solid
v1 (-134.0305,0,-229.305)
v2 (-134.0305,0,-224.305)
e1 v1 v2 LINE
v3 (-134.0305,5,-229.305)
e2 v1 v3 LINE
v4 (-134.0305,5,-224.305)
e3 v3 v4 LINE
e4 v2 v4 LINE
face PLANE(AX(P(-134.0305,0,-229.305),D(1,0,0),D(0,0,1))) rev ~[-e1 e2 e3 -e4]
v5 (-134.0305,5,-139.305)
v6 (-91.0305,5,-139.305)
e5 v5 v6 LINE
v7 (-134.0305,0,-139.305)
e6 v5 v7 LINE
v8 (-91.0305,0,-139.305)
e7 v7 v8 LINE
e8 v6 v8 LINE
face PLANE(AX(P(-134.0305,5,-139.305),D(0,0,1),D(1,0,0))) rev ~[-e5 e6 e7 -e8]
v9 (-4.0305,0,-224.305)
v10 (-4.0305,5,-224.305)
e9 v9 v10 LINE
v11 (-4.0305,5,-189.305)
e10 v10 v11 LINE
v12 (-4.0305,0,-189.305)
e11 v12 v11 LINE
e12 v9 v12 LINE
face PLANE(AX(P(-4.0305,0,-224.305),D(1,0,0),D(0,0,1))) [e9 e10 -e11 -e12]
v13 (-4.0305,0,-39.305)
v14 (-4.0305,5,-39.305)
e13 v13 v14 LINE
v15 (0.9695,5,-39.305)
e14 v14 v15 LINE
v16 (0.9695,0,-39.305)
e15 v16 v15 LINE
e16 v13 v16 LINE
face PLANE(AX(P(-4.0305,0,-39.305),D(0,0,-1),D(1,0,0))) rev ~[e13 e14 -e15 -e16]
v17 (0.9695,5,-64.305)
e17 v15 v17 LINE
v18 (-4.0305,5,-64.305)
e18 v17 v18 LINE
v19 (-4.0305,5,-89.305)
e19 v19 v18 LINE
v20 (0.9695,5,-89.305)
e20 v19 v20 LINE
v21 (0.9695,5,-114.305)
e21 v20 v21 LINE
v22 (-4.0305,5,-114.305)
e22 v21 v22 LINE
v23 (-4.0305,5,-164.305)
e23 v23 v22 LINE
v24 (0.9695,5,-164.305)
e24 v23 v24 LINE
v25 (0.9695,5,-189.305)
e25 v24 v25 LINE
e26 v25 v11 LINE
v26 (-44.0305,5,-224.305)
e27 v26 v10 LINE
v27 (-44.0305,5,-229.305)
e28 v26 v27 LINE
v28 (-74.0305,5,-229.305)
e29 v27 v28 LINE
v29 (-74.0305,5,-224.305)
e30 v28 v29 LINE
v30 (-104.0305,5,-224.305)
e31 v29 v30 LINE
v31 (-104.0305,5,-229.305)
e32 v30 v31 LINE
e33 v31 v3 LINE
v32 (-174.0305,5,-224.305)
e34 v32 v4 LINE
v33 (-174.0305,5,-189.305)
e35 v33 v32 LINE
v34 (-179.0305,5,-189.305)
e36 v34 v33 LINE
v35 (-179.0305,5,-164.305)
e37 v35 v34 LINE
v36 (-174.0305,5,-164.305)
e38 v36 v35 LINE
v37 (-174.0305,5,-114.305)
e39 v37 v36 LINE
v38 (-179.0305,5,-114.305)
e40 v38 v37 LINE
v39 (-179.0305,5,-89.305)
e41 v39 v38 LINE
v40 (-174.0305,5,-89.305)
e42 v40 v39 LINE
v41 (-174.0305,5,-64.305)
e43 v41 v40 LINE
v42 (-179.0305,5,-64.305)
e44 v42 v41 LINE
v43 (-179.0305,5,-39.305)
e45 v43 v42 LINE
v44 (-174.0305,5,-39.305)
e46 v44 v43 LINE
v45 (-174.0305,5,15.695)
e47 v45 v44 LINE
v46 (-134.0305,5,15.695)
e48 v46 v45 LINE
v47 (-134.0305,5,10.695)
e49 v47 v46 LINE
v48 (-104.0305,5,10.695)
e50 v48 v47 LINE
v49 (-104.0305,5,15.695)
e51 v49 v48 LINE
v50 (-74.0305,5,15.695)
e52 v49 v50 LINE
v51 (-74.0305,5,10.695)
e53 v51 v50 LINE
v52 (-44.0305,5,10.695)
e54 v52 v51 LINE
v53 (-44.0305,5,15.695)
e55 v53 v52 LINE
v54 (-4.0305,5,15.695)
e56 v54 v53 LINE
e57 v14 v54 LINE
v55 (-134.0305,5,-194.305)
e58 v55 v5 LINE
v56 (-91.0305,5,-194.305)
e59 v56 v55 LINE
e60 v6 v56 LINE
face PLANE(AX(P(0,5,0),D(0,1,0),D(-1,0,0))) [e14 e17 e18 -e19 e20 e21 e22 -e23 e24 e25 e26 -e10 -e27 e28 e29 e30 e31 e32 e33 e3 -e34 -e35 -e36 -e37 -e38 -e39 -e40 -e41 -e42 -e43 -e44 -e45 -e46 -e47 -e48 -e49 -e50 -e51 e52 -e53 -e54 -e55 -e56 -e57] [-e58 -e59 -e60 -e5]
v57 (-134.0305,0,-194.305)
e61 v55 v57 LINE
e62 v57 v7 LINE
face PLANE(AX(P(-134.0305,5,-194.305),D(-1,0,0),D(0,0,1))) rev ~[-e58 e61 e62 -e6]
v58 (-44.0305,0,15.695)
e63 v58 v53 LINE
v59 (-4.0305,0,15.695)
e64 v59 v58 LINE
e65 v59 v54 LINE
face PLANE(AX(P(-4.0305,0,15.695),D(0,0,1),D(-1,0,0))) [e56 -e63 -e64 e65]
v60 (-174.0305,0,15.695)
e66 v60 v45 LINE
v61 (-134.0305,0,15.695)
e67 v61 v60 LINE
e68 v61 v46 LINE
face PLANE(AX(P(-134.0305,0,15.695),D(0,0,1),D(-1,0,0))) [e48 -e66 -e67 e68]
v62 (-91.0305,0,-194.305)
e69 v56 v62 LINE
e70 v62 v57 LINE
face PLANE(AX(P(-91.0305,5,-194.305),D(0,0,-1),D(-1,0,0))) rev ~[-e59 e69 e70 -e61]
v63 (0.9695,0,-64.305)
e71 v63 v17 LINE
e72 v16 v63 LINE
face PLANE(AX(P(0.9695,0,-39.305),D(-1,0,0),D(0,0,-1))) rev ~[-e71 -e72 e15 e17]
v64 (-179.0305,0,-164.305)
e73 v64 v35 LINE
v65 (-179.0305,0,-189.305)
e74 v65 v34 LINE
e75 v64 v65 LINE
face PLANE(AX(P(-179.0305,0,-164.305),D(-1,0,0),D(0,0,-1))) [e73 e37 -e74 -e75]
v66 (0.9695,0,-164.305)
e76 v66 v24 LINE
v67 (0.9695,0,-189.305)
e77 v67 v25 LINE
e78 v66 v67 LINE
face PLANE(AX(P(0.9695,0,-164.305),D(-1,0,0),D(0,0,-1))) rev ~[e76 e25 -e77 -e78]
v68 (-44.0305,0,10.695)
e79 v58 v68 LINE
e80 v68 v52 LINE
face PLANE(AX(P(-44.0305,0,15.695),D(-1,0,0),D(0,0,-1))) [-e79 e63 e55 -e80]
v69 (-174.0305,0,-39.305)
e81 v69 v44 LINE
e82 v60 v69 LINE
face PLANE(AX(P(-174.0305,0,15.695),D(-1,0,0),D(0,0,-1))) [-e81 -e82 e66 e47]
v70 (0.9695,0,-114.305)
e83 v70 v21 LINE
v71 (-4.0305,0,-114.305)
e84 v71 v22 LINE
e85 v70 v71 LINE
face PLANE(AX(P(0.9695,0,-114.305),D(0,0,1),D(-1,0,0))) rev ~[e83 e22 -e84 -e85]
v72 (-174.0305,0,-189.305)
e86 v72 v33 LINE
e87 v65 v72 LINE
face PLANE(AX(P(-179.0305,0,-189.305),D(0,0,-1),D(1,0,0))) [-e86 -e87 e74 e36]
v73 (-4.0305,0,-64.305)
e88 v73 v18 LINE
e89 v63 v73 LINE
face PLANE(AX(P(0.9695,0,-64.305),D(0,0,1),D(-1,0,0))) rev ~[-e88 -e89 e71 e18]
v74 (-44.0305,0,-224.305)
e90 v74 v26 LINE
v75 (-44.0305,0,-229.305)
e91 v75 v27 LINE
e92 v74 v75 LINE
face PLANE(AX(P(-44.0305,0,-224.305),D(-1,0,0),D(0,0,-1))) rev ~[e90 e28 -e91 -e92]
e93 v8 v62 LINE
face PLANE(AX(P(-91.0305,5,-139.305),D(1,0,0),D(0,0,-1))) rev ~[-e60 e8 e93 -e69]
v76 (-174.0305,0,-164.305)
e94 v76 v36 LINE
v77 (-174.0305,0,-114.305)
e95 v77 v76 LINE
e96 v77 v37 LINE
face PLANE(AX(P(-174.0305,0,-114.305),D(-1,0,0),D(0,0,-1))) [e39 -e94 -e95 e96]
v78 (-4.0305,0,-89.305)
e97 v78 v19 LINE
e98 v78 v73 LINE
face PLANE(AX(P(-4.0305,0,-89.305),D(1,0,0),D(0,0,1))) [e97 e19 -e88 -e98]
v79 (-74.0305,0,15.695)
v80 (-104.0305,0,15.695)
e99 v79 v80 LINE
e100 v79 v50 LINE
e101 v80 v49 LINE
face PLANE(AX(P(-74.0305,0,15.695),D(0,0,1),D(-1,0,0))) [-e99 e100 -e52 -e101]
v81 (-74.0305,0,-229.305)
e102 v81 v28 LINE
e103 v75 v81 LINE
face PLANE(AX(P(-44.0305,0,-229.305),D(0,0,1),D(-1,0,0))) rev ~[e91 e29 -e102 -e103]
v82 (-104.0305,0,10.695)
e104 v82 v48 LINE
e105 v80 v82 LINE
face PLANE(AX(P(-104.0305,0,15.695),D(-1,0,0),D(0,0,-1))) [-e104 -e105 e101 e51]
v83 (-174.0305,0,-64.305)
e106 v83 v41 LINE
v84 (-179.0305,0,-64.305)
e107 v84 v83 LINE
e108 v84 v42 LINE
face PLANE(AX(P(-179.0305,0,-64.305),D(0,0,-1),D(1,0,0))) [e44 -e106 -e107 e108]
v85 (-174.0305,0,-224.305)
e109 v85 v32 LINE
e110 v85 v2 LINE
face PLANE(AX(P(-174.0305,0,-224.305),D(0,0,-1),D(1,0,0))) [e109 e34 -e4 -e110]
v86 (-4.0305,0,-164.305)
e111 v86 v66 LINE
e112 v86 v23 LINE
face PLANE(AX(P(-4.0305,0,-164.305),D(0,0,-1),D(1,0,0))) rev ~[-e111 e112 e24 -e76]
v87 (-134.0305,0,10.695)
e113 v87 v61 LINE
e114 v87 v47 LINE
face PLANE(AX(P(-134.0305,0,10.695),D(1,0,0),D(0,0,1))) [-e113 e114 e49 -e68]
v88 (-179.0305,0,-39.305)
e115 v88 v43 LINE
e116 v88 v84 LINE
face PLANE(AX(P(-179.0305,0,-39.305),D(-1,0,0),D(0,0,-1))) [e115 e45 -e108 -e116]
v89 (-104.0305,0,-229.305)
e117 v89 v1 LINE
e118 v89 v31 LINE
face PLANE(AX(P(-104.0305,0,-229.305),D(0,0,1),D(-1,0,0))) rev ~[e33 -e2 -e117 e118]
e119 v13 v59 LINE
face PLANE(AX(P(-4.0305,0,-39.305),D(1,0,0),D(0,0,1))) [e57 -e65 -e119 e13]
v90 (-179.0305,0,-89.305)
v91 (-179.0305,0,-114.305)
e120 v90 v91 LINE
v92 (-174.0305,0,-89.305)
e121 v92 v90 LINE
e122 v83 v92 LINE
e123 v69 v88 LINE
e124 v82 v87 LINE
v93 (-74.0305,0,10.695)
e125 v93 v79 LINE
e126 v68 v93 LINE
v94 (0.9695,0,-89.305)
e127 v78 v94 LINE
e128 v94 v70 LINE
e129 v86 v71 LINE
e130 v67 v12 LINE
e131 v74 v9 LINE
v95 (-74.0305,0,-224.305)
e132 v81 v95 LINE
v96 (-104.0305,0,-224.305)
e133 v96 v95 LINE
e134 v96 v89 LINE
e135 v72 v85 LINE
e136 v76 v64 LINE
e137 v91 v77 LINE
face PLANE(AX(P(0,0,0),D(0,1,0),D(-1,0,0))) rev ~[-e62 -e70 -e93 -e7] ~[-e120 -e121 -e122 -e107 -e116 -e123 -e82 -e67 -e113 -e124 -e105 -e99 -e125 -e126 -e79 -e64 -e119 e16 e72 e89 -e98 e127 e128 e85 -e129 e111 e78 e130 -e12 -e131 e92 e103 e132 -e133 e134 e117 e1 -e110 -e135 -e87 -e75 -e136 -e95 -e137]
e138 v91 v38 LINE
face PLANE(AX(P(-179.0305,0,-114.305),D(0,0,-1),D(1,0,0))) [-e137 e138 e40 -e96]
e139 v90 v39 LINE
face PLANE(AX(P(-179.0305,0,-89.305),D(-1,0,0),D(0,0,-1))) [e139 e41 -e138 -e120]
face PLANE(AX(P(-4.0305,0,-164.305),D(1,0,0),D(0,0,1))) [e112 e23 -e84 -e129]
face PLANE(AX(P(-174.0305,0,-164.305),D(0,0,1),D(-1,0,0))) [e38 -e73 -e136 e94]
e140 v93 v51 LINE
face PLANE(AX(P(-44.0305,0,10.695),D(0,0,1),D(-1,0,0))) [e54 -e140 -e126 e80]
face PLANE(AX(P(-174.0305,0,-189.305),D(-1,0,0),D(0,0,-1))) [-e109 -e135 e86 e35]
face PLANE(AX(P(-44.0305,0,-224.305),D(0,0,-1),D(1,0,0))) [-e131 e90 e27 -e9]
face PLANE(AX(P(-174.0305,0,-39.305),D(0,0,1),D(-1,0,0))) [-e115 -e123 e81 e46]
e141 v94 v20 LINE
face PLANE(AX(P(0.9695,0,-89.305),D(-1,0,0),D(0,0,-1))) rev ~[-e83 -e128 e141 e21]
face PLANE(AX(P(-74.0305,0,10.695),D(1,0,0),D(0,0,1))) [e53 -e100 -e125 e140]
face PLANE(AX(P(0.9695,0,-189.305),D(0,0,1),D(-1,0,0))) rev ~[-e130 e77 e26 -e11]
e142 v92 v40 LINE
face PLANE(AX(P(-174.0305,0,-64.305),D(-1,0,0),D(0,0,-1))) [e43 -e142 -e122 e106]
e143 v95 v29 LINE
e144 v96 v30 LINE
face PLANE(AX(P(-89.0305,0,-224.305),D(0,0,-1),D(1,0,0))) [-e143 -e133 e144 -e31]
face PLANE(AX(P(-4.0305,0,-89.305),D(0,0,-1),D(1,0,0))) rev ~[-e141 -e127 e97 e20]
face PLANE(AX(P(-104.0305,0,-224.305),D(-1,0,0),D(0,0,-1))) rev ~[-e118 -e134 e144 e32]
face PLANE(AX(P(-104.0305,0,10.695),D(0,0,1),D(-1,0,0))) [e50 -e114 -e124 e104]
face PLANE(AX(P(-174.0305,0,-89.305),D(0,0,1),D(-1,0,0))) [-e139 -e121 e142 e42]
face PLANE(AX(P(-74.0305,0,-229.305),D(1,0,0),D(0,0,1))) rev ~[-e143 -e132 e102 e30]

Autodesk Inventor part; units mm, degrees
ref_plane "YZ Plane" through (0, 0, 0) normal (1, 0, 0) x (0, 1, 0)
ref_plane "XZ Plane" through (0, 0, 0) normal (0, 1, 0) x (-1, 0, 0)
ref_plane "XY Plane" through (0, 0, 0) normal (0, 0, 1) x (1, 0, 0)
sketch "Sketch1" plane through (0, 0, 0) normal (0, 1, 0) x (-1, 0, 0)
  line L0 (4.0305, 15.695) -> (174.0305, 15.695)
  line L1 (174.0305, 15.695) -> (174.0305, -224.305)
  line L2 (174.0305, -224.305) -> (4.0305, -224.305)
  line L3 (4.0305, -224.305) -> (4.0305, 15.695)
  line L4 (174.0305, -39.305) -> (169.0305, -39.305)
  line L5 (169.0305, -39.305) -> (169.0305, -64.305)
  line L6 (169.0305, -64.305) -> (174.0305, -64.305)
  line L7 (174.0305, -64.305) -> (174.0305, -39.305)
  line L8 (174.0305, -89.305) -> (169.0305, -89.305)
  line L9 (169.0305, -89.305) -> (169.0305, -114.305)
  line L10 (169.0305, -114.305) -> (174.0305, -114.305)
  line L11 (174.0305, -114.305) -> (174.0305, -89.305)
  line L12 (174.0305, -164.305) -> (169.0305, -164.305)
  line L13 (169.0305, -164.305) -> (169.0305, -189.305)
  line L14 (169.0305, -189.305) -> (174.0305, -189.305)
  line L15 (174.0305, -189.305) -> (174.0305, -164.305)
  line L16 (89.0305, 15.695) -> (89.0305, -224.305)
  line L17 (4.0305, -39.305) -> (9.0305, -39.305)
  line L18 (9.0305, -39.305) -> (9.0305, -64.305)
  line L19 (9.0305, -64.305) -> (4.0305, -64.305)
  line L20 (4.0305, -89.305) -> (9.0305, -89.305)
  line L21 (9.0305, -89.305) -> (9.0305, -114.305)
  line L22 (9.0305, -114.305) -> (4.0305, -114.305)
  line L23 (4.0305, -164.305) -> (9.0305, -164.305)
  line L24 (9.0305, -164.305) -> (9.0305, -189.305)
  line L25 (9.0305, -189.305) -> (4.0305, -189.305)
  line L26 (134.0305, 15.695) -> (104.0305, 15.695)
  line L27 (104.0305, 15.695) -> (104.0305, 10.695)
  line L28 (104.0305, 10.695) -> (134.0305, 10.695)
  line L29 (134.0305, 10.695) -> (134.0305, 15.695)
  line L30 (74.0305, 15.695) -> (44.0305, 15.695)
  line L31 (44.0305, 15.695) -> (44.0305, 10.695)
  line L32 (44.0305, 10.695) -> (74.0305, 10.695)
  line L33 (74.0305, 10.695) -> (74.0305, 15.695)
  line L34 (134.0305, -224.305) -> (104.0305, -224.305)
  line L35 (104.0305, -224.305) -> (104.0305, -219.305)
  line L36 (104.0305, -219.305) -> (134.0305, -219.305)
  line L37 (134.0305, -219.305) -> (134.0305, -224.305)
  line L38 (74.0305, -224.305) -> (44.0305, -224.305)
  line L39 (44.0305, -224.305) -> (44.0305, -219.305)
  line L40 (44.0305, -219.305) -> (74.0305, -219.305)
  line L41 (74.0305, -219.305) -> (74.0305, -224.305)
  line L42 (9.0305, -39.305) -> (-0.9695, -39.305)
  line L43 (-0.9695, -39.305) -> (-0.9695, -64.305)
  line L44 (-0.9695, -64.305) -> (9.0305, -64.305)
  line L45 (9.0305, -64.305) -> (9.0305, -39.305)
  line L46 (9.0305, -89.305) -> (-0.9695, -89.305)
  line L47 (-0.9695, -89.305) -> (-0.9695, -114.305)
  line L48 (-0.9695, -114.305) -> (9.0305, -114.305)
  line L49 (9.0305, -114.305) -> (9.0305, -89.305)
  line L50 (9.0305, -164.305) -> (-0.9695, -164.305)
  line L51 (-0.9695, -164.305) -> (-0.9695, -189.305)
  line L52 (-0.9695, -189.305) -> (9.0305, -189.305)
  line L53 (9.0305, -189.305) -> (9.0305, -164.305)
  line L54 (169.0305, -39.305) -> (179.0305, -39.305)
  line L55 (179.0305, -39.305) -> (179.0305, -64.305)
  line L56 (179.0305, -64.305) -> (169.0305, -64.305)
  line L57 (169.0305, -89.305) -> (179.0305, -89.305)
  line L58 (179.0305, -89.305) -> (179.0305, -114.305)
  line L59 (179.0305, -114.305) -> (169.0305, -114.305)
  line L60 (169.0305, -164.305) -> (179.0305, -164.305)
  line L61 (179.0305, -164.305) -> (179.0305, -189.305)
  line L62 (179.0305, -189.305) -> (169.0305, -189.305)
  line L63 (134.0305, -219.305) -> (104.0305, -219.305)
  line L64 (104.0305, -219.305) -> (104.0305, -229.305)
  line L65 (104.0305, -229.305) -> (134.0305, -229.305)
  line L66 (134.0305, -229.305) -> (134.0305, -219.305)
  line L67 (74.0305, -219.305) -> (44.0305, -219.305)
  line L68 (44.0305, -219.305) -> (44.0305, -229.305)
  line L69 (44.0305, -229.305) -> (74.0305, -229.305)
  line L70 (74.0305, -229.305) -> (74.0305, -219.305)
  point P0 (0, 0)
  dimension "d0" = 170
  dimension "d1" = 240
  dimension "d2" = 5
  dimension "d3" = 25
  dimension "d4" = 5
  dimension "d5" = 25
  dimension "d6" = 5
  dimension "d7" = 25
  dimension "d8" = 35
  dimension "d9" = 50
  dimension "d10" = 25
  dimension "d11" = 30
  dimension "d12" = 30
  dimension "d13" = 5
  dimension "d14" = 5
  dimension "d15" = 30
  dimension "d16" = 15
  dimension "d17" = 5
  dimension "d20" = 10
  dimension "d21" = 10
  dimension "d22" = 10
extrude "Extrusion1" add sketch "Sketch1" along normal blind 5 contours L0 L31 L32 L33 L16 L2 L41 L40 L39 L3 L25 L24 L23 L22 L21 L20 L19 L18 L17 | L17 L18 L19 L3 | L3 L44 L43 L42 | L0 L27 L28 L29 L1 L4 L5 L6 L8 L9 L10 L12 L13 L14 L2 L37 L36 L35 L16 | L20 L21 L22 L3 | L3 L48 L47 L46 | L35 L36 L37 L2 | L2 L66 L65 L64 | L70 L69 L68 L2 | L2 L39 L40 L41 | L23 L24 L25 L3 | L3 L52 L51 L50 | L54 L55 L56 L1 | L1 L6 L5 L4 | L14 L13 L12 L1 | L1 L60 L61 L62 | L57 L58 L59 L1 | L1 L10 L9 L8
sketch "Sketch2" plane through (0, 5, 0) normal (0, 1, 0) x (1, 0, 0)
  line L0 (-4.0305, 189.305) -> (-4.0305, 224.305) projected
  line L1 (-4.0305, 224.305) -> (-44.0305, 224.305) projected
  line L2 (-44.0305, 224.305) -> (-44.0305, 229.305) projected
  line L3 (-44.0305, 229.305) -> (-74.0305, 229.305) projected
  line L4 (-74.0305, 229.305) -> (-74.0305, 224.305) projected
  line L5 (-74.0305, 224.305) -> (-104.0305, 224.305) projected
  line L6 (-104.0305, 224.305) -> (-104.0305, 229.305) projected
  line L7 (-104.0305, 229.305) -> (-134.0305, 229.305) projected
  line L8 (-134.0305, 229.305) -> (-134.0305, 224.305) projected
  line L9 (-134.0305, 224.305) -> (-174.0305, 224.305) projected
  line L10 (-174.0305, 224.305) -> (-174.0305, 189.305) projected
  line L11 (-174.0305, 189.305) -> (-179.0305, 189.305) projected
  line L12 (-179.0305, 189.305) -> (-179.0305, 164.305) projected
  line L13 (-179.0305, 164.305) -> (-174.0305, 164.305) projected
  line L14 (-174.0305, 164.305) -> (-174.0305, 114.305) projected
  line L15 (-174.0305, 114.305) -> (-179.0305, 114.305) projected
  line L16 (-179.0305, 114.305) -> (-179.0305, 89.305) projected
  line L17 (-179.0305, 89.305) -> (-174.0305, 89.305) projected
  line L18 (-174.0305, 89.305) -> (-174.0305, 64.305) projected
  line L19 (-174.0305, 64.305) -> (-179.0305, 64.305) projected
  line L20 (-179.0305, 64.305) -> (-179.0305, 39.305) projected
  line L21 (-179.0305, 39.305) -> (-174.0305, 39.305) projected
  line L22 (-174.0305, 39.305) -> (-174.0305, -15.695) projected
  line L23 (-174.0305, -15.695) -> (-134.0305, -15.695) projected
  line L24 (-134.0305, -15.695) -> (-134.0305, -10.695) projected
  line L25 (-134.0305, -10.695) -> (-104.0305, -10.695) projected
  line L26 (-104.0305, -10.695) -> (-104.0305, -15.695) projected
  line L27 (-104.0305, -15.695) -> (-74.0305, -15.695) projected
  line L28 (-74.0305, -15.695) -> (-74.0305, -10.695) projected
  line L29 (-74.0305, -10.695) -> (-44.0305, -10.695) projected
  line L30 (-44.0305, -10.695) -> (-44.0305, -15.695) projected
  line L31 (-44.0305, -15.695) -> (-4.0305, -15.695) projected
  line L32 (-4.0305, -15.695) -> (-4.0305, 39.305) projected
  line L33 (-4.0305, 39.305) -> (0.9695, 39.305) projected
  line L34 (0.9695, 39.305) -> (0.9695, 64.305) projected
  line L35 (0.9695, 64.305) -> (-4.0305, 64.305) projected
  line L36 (-4.0305, 64.305) -> (-4.0305, 89.305) projected
  line L37 (-4.0305, 89.305) -> (0.9695, 89.305) projected
  line L38 (0.9695, 89.305) -> (0.9695, 114.305) projected
  line L39 (0.9695, 114.305) -> (-4.0305, 114.305) projected
  line L40 (-4.0305, 114.305) -> (-4.0305, 164.305) projected
  line L41 (-4.0305, 164.305) -> (0.9695, 164.305) projected
  line L42 (0.9695, 164.305) -> (0.9695, 189.305) projected
  line L43 (0.9695, 189.305) -> (-4.0305, 189.305) projected
  line L44 (-4.0305, 189.305) -> (-4.0305, 224.305) projected
  line L45 (-4.0305, 224.305) -> (-44.0305, 224.305) projected
  line L46 (-44.0305, 224.305) -> (-44.0305, 229.305) projected
  line L47 (-44.0305, 229.305) -> (-74.0305, 229.305) projected
  line L48 (-74.0305, 229.305) -> (-74.0305, 224.305) projected
  line L49 (-74.0305, 224.305) -> (-104.0305, 224.305) projected
  line L50 (-104.0305, 224.305) -> (-104.0305, 229.305) projected
  line L51 (-104.0305, 229.305) -> (-134.0305, 229.305) projected
  line L52 (-134.0305, 229.305) -> (-134.0305, 224.305) projected
  line L53 (-134.0305, 224.305) -> (-174.0305, 224.305) projected
  line L54 (-174.0305, 224.305) -> (-174.0305, 189.305) projected
  line L55 (-174.0305, 189.305) -> (-179.0305, 189.305) projected
  line L56 (-179.0305, 189.305) -> (-179.0305, 164.305) projected
  line L57 (-179.0305, 164.305) -> (-174.0305, 164.305) projected
  line L58 (-174.0305, 164.305) -> (-174.0305, 114.305) projected
  line L59 (-174.0305, 114.305) -> (-179.0305, 114.305) projected
  line L60 (-179.0305, 114.305) -> (-179.0305, 89.305) projected
  line L61 (-179.0305, 89.305) -> (-174.0305, 89.305) projected
  line L62 (-174.0305, 89.305) -> (-174.0305, 64.305) projected
  line L63 (-174.0305, 64.305) -> (-179.0305, 64.305) projected
  line L64 (-179.0305, 64.305) -> (-179.0305, 39.305) projected
  line L65 (-179.0305, 39.305) -> (-174.0305, 39.305) projected
  line L66 (-174.0305, 39.305) -> (-174.0305, -15.695) projected
  line L67 (-174.0305, -15.695) -> (-134.0305, -15.695) projected
  line L68 (-134.0305, -15.695) -> (-134.0305, -10.695) projected
  line L69 (-134.0305, -10.695) -> (-104.0305, -10.695) projected
  line L70 (-104.0305, -10.695) -> (-104.0305, -15.695) projected
  line L71 (-104.0305, -15.695) -> (-74.0305, -15.695) projected
  line L72 (-74.0305, -15.695) -> (-74.0305, -10.695) projected
  line L73 (-74.0305, -10.695) -> (-44.0305, -10.695) projected
  line L74 (-44.0305, -10.695) -> (-44.0305, -15.695) projected
  line L75 (-44.0305, -15.695) -> (-4.0305, -15.695) projected
  line L76 (-4.0305, -15.695) -> (-4.0305, 39.305) projected
  line L77 (-4.0305, 39.305) -> (0.9695, 39.305) projected
  line L78 (0.9695, 39.305) -> (0.9695, 64.305) projected
  line L79 (0.9695, 64.305) -> (-4.0305, 64.305) projected
  line L80 (-4.0305, 64.305) -> (-4.0305, 89.305) projected
  line L81 (-4.0305, 89.305) -> (0.9695, 89.305) projected
  line L82 (0.9695, 89.305) -> (0.9695, 114.305) projected
  line L83 (0.9695, 114.305) -> (-4.0305, 114.305) projected
  line L84 (-4.0305, 114.305) -> (-4.0305, 164.305) projected
  line L85 (-4.0305, 164.305) -> (0.9695, 164.305) projected
  line L86 (0.9695, 164.305) -> (0.9695, 189.305) projected
  line L87 (0.9695, 189.305) -> (-4.0305, 189.305) projected
  line L88 (-134.0305, 139.305) -> (-91.0305, 139.305)
  line L89 (-91.0305, 139.305) -> (-91.0305, 194.305)
  line L90 (-91.0305, 194.305) -> (-134.0305, 194.305)
  line L91 (-134.0305, 194.305) -> (-134.0305, 139.305)
  point P0 (0, 0)
  dimension "d23" = 55
  dimension "d24" = 43
  dimension "d25" = 40
  dimension "d26" = 30
extrude "Extrusion3" cut sketch "Sketch2" against normal blind 5 contours L91 L90 L89 L88
equation "\"d16\" = 0.5 * d15"
properties part number "Sup´2"
